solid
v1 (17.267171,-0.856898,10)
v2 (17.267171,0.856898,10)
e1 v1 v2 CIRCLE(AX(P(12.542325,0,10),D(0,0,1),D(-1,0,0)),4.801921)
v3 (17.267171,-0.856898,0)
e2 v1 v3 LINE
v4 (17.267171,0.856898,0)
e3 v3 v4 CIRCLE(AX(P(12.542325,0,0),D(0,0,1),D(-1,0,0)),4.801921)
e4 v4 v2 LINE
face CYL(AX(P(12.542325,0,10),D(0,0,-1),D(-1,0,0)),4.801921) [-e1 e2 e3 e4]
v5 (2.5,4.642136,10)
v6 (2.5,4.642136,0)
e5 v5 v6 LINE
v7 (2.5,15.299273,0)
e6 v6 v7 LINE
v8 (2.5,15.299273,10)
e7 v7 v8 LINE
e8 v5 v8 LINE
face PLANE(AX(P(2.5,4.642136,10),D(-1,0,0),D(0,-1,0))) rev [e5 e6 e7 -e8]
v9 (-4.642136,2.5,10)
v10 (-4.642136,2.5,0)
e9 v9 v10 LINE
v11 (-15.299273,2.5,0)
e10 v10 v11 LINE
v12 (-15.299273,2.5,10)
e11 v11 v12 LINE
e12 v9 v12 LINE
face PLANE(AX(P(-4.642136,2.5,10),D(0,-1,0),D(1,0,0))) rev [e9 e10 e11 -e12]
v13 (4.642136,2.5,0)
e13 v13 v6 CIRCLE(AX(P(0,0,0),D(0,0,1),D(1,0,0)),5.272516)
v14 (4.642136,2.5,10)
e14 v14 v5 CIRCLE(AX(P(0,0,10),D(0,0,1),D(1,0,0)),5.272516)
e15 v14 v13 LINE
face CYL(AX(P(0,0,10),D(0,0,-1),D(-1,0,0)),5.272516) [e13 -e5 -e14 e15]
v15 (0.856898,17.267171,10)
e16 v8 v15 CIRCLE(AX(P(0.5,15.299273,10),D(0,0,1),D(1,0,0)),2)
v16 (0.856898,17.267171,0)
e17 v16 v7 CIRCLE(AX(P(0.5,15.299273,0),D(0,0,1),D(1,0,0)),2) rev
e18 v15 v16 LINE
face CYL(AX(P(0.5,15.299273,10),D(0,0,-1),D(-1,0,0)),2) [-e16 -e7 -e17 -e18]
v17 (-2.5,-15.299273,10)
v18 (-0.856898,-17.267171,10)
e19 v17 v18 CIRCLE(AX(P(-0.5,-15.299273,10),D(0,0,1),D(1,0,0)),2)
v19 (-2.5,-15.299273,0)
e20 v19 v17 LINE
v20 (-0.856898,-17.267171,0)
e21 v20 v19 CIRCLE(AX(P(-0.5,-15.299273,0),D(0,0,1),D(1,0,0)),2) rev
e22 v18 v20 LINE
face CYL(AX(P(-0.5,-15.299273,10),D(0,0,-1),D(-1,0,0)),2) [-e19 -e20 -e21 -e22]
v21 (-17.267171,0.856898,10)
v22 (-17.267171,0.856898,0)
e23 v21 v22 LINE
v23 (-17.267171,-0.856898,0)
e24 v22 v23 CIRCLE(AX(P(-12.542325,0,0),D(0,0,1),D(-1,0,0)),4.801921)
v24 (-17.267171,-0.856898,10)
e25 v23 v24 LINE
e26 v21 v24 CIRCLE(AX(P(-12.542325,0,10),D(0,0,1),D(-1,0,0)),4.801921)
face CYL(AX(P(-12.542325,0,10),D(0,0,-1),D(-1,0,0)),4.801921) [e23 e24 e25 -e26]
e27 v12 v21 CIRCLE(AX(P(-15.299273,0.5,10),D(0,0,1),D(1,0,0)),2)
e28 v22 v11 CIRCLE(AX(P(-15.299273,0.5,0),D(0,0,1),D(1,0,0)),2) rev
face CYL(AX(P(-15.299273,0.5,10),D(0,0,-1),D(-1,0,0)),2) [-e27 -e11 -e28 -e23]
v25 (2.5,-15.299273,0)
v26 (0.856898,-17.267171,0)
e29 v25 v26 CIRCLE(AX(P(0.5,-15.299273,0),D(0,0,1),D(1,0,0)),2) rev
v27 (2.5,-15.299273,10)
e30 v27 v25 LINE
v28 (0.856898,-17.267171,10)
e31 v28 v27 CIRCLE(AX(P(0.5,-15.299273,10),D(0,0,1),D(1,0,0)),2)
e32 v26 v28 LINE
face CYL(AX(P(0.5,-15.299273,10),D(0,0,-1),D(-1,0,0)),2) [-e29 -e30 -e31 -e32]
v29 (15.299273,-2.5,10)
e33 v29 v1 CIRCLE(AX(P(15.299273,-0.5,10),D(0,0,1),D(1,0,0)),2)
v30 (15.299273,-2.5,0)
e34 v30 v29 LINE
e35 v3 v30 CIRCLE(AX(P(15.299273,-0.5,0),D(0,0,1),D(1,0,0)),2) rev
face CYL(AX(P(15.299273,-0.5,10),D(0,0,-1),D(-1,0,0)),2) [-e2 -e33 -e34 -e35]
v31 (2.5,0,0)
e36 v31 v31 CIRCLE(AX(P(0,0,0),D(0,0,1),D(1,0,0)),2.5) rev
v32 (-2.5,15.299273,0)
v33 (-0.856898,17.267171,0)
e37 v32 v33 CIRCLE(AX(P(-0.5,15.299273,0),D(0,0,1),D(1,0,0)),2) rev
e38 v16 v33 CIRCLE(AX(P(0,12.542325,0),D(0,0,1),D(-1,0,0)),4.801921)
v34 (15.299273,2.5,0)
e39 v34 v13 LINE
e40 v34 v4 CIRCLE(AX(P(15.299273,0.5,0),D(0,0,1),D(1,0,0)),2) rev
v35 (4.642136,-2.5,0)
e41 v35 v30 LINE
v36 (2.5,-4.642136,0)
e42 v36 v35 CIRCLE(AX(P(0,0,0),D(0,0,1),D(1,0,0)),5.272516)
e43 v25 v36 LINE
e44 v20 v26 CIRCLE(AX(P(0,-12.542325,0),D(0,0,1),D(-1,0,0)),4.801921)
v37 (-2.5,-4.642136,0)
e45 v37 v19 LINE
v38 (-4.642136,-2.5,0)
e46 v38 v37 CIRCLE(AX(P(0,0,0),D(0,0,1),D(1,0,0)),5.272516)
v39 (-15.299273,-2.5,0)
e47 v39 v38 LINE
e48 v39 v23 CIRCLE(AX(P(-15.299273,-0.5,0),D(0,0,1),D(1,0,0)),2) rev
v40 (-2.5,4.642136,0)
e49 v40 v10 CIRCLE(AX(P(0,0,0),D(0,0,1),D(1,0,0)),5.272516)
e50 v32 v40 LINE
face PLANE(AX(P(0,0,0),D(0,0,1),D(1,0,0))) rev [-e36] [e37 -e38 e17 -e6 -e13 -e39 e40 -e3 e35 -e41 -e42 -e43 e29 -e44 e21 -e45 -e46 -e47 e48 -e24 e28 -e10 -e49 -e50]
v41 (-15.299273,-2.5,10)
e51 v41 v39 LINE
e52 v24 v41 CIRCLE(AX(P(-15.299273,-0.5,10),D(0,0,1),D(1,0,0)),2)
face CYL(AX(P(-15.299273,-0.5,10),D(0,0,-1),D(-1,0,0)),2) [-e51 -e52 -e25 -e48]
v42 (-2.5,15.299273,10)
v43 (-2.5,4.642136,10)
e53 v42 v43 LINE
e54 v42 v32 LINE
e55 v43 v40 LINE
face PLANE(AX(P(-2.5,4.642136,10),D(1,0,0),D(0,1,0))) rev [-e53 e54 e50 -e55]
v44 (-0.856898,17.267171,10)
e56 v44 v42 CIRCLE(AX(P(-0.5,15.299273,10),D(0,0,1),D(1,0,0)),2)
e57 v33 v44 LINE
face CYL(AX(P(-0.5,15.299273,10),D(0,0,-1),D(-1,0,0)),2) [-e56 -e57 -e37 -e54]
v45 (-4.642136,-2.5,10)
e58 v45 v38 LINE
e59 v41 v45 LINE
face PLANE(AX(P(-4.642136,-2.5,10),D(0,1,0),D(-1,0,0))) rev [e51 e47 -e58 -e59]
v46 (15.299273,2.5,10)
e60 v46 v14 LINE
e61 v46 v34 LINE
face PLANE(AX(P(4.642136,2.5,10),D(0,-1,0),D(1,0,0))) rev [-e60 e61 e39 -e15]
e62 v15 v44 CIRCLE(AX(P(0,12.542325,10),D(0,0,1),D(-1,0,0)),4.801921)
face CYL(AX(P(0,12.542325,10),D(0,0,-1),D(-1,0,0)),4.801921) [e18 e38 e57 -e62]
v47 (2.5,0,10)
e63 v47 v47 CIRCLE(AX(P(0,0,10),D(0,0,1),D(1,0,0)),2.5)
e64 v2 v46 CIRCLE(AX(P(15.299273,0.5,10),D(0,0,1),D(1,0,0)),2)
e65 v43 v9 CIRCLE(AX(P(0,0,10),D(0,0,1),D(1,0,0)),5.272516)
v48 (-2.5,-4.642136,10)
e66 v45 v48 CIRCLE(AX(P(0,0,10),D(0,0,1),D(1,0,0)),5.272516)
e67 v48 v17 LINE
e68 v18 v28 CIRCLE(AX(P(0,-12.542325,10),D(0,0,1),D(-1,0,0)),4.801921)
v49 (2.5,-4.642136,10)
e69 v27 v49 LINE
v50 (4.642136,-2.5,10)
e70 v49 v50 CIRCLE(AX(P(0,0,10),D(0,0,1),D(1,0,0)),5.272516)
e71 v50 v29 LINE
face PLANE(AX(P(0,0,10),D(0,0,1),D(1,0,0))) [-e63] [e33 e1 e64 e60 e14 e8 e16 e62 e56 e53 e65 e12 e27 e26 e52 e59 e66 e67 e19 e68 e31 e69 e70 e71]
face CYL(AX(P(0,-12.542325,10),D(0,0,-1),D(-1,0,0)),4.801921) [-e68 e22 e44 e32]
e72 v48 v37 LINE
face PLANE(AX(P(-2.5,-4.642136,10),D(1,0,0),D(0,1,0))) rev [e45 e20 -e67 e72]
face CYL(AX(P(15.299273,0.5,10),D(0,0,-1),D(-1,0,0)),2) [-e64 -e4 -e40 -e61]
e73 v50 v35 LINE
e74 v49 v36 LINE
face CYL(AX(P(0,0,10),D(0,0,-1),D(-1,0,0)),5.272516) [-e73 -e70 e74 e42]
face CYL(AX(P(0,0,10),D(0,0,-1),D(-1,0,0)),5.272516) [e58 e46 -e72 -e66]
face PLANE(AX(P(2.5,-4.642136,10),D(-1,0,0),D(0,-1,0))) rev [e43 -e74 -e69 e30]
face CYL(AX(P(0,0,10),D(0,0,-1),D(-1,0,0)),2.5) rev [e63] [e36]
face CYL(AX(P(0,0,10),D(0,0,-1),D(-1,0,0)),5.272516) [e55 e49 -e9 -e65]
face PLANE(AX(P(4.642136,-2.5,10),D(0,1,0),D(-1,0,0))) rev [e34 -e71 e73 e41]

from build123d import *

# Parameters (mm, degrees)
BOSS_EXTRUDE1_DEPTH     = 10
FILLET1_R               = 2
CUT_EXTRUDE1_DEPTH      = 27.488596684
CUT_EXTRUDE1_DEPTH_BACK = 27.488596684
SKETCH4_R               = 2.5


with BuildPart() as part:
    # Sketch3 → Boss-Extrude1 (new body)
    with BuildSketch(Plane.XY):
        with BuildLine():
            Line((-2.5, 4.642135624), (-2.5, 16.642135624))
            ThreePointArc((-2.5, 16.642135624), (0, 17.344246226), (2.5, 16.642135624))
            Line((2.5, 16.642135624), (2.5, 4.642135624))
            ThreePointArc((2.5, 4.642135624), (3.728231695, 3.728231695), (4.642135624, 2.5))
            Line((4.642135624, 2.5), (16.642135624, 2.5))
            ThreePointArc((16.642135624, 2.5), (17.344246226, 0), (16.642135624, -2.5))
            Line((16.642135624, -2.5), (4.642135624, -2.5))
            ThreePointArc((4.642135624, -2.5), (3.728231695, -3.728231695), (2.5, -4.642135624))
            Line((2.5, -4.642135624), (2.5, -16.642135624))
            ThreePointArc((2.5, -16.642135624), (0, -17.344246226), (-2.5, -16.642135624))
            Line((-2.5, -16.642135624), (-2.5, -4.642135624))
            ThreePointArc((-2.5, -4.642135624), (-3.728231695, -3.728231695), (-4.642135624, -2.5))
            Line((-4.642135624, -2.5), (-16.642135624, -2.5))
            ThreePointArc((-16.642135624, -2.5), (-17.344246226, 0), (-16.642135624, 2.5))
            Line((-16.642135624, 2.5), (-4.642135624, 2.5))
            ThreePointArc((-4.642135624, 2.5), (-3.728231695, 3.728231695), (-2.5, 4.642135624))
        make_face()
    extrude(amount=BOSS_EXTRUDE1_DEPTH)

    # Fillet1
    fillet1_edges = [part.edges().sort_by_distance(p)[0] for p in [
        (-2.5, 16.642135624, 5),
        (2.5, 16.642135624, 5),
        (16.642135624, 2.5, 5),
        (16.642135624, -2.5, 5),
        (2.5, -16.642135624, 5),
        (-2.5, -16.642135624, 5),
        (-16.642135624, -2.5, 5),
        (-16.642135624, 2.5, 5),
    ]]
    fillet(fillet1_edges, radius=FILLET1_R)

    # Sketch4 → Cut-Extrude1 (cut, two sides: drawn at the far end of the back side and taken through both)
    with BuildSketch(Plane.XY.offset(-CUT_EXTRUDE1_DEPTH_BACK)):
        Circle(SKETCH4_R)
    extrude(amount=CUT_EXTRUDE1_DEPTH + CUT_EXTRUDE1_DEPTH_BACK, mode=Mode.SUBTRACT)


solid = part.part
